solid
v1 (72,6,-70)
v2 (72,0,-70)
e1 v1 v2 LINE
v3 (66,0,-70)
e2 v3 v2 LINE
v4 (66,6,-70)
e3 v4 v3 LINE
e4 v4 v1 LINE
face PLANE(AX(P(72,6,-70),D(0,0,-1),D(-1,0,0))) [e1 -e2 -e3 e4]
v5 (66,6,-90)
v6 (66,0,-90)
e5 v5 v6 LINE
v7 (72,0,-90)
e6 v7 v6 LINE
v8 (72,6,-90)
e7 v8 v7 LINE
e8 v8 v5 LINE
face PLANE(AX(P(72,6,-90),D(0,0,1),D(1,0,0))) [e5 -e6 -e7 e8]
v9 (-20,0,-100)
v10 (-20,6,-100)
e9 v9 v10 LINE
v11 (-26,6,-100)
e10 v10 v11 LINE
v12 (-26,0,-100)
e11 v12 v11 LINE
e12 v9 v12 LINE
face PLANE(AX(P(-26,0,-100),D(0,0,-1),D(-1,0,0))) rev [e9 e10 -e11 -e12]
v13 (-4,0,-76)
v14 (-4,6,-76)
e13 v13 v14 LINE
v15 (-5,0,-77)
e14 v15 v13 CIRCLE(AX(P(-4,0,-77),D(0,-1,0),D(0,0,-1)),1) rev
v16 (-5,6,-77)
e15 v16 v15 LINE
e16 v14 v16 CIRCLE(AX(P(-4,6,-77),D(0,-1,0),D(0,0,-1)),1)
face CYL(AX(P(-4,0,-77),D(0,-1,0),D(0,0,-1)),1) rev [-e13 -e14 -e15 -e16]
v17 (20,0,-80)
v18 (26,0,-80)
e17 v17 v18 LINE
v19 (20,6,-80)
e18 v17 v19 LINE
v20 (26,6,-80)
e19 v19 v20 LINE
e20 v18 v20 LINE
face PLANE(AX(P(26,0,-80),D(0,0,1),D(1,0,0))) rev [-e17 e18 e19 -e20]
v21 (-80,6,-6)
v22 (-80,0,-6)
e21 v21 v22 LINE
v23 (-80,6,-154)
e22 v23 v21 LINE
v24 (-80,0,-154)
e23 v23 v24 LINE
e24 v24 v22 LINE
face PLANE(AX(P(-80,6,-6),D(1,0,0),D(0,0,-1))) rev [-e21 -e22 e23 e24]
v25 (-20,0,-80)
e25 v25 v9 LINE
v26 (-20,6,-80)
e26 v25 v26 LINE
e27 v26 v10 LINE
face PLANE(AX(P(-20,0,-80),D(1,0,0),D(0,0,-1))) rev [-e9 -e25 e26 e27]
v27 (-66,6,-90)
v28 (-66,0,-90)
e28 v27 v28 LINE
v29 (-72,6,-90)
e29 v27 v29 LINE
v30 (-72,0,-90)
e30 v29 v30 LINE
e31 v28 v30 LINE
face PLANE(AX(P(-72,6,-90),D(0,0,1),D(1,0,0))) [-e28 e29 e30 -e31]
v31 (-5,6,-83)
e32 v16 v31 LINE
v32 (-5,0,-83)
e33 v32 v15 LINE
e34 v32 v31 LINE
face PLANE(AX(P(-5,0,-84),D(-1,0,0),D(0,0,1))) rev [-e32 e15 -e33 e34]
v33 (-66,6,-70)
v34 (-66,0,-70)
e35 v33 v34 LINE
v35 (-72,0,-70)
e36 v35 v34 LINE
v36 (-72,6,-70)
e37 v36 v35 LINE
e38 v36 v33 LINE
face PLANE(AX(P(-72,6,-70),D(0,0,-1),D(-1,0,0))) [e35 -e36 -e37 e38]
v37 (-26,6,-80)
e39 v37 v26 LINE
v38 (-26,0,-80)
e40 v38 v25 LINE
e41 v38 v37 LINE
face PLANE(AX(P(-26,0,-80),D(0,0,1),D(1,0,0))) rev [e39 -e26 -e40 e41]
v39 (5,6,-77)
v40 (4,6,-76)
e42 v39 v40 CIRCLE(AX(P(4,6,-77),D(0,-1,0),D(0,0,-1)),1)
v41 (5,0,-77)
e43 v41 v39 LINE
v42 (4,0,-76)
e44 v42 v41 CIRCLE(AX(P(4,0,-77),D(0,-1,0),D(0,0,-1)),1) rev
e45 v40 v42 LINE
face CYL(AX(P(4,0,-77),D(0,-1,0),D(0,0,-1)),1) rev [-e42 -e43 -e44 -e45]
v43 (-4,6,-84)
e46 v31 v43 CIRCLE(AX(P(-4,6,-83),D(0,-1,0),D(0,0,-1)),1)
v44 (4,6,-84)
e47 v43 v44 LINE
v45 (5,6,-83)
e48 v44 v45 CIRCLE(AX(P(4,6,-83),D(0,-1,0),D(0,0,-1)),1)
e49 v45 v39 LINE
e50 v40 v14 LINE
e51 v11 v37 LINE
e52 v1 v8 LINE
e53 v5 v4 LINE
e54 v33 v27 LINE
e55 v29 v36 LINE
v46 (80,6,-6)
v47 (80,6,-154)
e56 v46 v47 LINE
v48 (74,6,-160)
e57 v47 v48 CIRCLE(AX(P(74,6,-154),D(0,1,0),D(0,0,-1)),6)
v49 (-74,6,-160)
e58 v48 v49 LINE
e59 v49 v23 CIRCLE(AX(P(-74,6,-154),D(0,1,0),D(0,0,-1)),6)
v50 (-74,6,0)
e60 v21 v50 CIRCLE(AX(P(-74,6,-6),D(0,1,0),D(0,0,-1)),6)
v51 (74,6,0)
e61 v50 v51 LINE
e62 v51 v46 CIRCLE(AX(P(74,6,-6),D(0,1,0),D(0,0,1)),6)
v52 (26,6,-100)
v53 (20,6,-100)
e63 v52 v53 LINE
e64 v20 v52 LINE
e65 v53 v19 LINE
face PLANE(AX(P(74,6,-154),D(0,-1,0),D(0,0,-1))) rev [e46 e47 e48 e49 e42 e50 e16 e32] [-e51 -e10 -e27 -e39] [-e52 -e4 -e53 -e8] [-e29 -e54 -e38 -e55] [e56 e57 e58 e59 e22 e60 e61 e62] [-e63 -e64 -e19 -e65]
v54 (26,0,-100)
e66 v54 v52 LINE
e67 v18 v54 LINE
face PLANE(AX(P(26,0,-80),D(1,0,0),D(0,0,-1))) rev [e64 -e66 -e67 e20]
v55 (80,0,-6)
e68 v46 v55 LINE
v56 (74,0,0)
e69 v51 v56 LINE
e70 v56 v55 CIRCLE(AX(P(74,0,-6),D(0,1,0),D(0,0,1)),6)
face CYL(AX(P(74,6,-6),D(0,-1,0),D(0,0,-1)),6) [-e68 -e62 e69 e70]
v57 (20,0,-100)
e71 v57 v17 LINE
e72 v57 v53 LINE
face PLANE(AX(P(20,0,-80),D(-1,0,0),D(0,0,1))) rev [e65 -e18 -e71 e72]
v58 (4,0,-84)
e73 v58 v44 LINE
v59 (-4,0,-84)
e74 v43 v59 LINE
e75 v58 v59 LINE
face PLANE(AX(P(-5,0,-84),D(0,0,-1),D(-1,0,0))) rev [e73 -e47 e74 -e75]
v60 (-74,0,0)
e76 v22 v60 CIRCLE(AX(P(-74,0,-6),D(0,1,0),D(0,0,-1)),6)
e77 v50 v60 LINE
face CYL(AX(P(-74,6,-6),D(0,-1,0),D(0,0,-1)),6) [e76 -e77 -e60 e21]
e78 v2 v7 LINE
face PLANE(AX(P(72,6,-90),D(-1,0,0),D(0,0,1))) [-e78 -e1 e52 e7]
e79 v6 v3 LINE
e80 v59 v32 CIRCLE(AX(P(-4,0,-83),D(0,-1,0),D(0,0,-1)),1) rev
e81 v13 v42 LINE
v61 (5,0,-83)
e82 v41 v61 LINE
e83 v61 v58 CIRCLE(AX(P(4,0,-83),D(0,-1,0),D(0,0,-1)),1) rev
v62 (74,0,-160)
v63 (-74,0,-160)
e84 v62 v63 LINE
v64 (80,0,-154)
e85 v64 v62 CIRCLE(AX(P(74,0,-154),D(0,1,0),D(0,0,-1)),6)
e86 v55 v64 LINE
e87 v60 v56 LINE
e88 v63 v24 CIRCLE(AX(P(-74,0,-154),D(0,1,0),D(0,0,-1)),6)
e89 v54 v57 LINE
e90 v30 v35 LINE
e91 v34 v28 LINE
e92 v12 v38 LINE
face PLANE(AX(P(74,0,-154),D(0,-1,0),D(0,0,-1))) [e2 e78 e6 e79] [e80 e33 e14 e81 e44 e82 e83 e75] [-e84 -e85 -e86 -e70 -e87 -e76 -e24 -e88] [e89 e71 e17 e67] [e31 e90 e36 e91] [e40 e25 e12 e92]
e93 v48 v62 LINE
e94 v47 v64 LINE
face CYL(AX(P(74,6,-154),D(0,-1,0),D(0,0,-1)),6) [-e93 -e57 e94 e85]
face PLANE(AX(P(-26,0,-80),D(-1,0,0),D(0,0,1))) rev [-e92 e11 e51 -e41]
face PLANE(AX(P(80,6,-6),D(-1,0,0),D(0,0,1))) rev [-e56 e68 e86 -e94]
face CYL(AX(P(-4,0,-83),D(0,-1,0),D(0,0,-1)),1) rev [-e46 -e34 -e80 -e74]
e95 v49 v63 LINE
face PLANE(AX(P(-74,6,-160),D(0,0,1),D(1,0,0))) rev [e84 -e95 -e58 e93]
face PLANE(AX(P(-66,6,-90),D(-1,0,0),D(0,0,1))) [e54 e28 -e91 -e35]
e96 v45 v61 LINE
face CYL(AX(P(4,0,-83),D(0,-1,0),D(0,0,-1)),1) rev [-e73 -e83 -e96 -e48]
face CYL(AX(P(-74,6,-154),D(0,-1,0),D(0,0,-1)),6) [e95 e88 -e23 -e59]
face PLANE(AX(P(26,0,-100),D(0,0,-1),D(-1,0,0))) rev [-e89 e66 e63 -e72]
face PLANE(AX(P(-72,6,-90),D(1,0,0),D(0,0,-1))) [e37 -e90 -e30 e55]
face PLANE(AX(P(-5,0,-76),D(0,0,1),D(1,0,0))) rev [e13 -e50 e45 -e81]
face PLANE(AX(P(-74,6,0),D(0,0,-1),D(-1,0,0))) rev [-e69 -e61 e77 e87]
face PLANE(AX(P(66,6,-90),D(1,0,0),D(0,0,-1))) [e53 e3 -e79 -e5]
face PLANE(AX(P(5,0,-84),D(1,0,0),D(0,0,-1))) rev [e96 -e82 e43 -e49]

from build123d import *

# Parameters (mm, degrees)
SKETCH1_W               = 6
SKETCH1_H               = 20
BOSS_EXTRUDE1_DEPTH     = 6
SKETCH2_W               = 6
SKETCH2_H               = 20
CUT_EXTRUDE1_DEPTH      = 179.986032975
CUT_EXTRUDE2_DEPTH      = 179.986032975
CUT_EXTRUDE2_DEPTH_BACK = 179.986032975
SKETCH3_W               = 10
SKETCH3_H               = 8
FILLET1_R               = 1


with BuildPart() as part:
    # Sketch1 → Boss-Extrude1 (new body)
    with BuildSketch(Plane(origin=(0, 0, 0), x_dir=(1, 0, 0), z_dir=(0, 1, 0))):
        with BuildLine():
            Line((-74, 0), (74, 0))
            ThreePointArc((74, 0), (78.242640687, 1.757359313), (80, 6))
            Line((80, 6), (80, 154))
            ThreePointArc((80, 154), (78.242640687, 158.242640687), (74, 160))
            Line((74, 160), (-74, 160))
            ThreePointArc((-74, 160), (-78.242640687, 158.242640687), (-80, 154))
            Line((-80, 154), (-80, 6))
            ThreePointArc((-80, 6), (-78.242640687, 1.757359313), (-74, 0))
        make_face()
        with Locations((-69, 80)):
            Rectangle(SKETCH1_W, SKETCH1_H, mode=Mode.SUBTRACT)
        with Locations((69, 80)):
            Rectangle(SKETCH1_W, SKETCH1_H, mode=Mode.SUBTRACT)
    extrude(amount=BOSS_EXTRUDE1_DEPTH)

    # Sketch2 → Cut-Extrude1 (cut, through all)
    with BuildSketch(Plane(origin=(0, 6, 0), x_dir=(1, 0, 0), z_dir=(0, 1, 0))):
        with Locations((23, 90)):
            Rectangle(SKETCH2_W, SKETCH2_H)
        with Locations((-23, 90)):
            Rectangle(SKETCH2_W, SKETCH2_H)
    extrude(amount=-CUT_EXTRUDE1_DEPTH, mode=Mode.SUBTRACT)

    # Sketch3 → Cut-Extrude2 (cut, two sides: drawn at the far end of the back side and taken through both)
    with BuildSketch(Plane(origin=(0, 6, 0), x_dir=(1, 0, 0), z_dir=(0, 1, 0)).offset(-CUT_EXTRUDE2_DEPTH_BACK)):
        with Locations((0, 80)):
            Rectangle(SKETCH3_W, SKETCH3_H)
    extrude(amount=CUT_EXTRUDE2_DEPTH + CUT_EXTRUDE2_DEPTH_BACK, mode=Mode.SUBTRACT)

    # Fillet1
    fillet1_edges = [part.edges().sort_by_distance(p)[0] for p in [
        (5, 3, -84),
        (5, 3, -76),
        (-5, 3, -76),
        (-5, 3, -84),
    ]]
    fillet(fillet1_edges, radius=FILLET1_R)


solid = part.part
